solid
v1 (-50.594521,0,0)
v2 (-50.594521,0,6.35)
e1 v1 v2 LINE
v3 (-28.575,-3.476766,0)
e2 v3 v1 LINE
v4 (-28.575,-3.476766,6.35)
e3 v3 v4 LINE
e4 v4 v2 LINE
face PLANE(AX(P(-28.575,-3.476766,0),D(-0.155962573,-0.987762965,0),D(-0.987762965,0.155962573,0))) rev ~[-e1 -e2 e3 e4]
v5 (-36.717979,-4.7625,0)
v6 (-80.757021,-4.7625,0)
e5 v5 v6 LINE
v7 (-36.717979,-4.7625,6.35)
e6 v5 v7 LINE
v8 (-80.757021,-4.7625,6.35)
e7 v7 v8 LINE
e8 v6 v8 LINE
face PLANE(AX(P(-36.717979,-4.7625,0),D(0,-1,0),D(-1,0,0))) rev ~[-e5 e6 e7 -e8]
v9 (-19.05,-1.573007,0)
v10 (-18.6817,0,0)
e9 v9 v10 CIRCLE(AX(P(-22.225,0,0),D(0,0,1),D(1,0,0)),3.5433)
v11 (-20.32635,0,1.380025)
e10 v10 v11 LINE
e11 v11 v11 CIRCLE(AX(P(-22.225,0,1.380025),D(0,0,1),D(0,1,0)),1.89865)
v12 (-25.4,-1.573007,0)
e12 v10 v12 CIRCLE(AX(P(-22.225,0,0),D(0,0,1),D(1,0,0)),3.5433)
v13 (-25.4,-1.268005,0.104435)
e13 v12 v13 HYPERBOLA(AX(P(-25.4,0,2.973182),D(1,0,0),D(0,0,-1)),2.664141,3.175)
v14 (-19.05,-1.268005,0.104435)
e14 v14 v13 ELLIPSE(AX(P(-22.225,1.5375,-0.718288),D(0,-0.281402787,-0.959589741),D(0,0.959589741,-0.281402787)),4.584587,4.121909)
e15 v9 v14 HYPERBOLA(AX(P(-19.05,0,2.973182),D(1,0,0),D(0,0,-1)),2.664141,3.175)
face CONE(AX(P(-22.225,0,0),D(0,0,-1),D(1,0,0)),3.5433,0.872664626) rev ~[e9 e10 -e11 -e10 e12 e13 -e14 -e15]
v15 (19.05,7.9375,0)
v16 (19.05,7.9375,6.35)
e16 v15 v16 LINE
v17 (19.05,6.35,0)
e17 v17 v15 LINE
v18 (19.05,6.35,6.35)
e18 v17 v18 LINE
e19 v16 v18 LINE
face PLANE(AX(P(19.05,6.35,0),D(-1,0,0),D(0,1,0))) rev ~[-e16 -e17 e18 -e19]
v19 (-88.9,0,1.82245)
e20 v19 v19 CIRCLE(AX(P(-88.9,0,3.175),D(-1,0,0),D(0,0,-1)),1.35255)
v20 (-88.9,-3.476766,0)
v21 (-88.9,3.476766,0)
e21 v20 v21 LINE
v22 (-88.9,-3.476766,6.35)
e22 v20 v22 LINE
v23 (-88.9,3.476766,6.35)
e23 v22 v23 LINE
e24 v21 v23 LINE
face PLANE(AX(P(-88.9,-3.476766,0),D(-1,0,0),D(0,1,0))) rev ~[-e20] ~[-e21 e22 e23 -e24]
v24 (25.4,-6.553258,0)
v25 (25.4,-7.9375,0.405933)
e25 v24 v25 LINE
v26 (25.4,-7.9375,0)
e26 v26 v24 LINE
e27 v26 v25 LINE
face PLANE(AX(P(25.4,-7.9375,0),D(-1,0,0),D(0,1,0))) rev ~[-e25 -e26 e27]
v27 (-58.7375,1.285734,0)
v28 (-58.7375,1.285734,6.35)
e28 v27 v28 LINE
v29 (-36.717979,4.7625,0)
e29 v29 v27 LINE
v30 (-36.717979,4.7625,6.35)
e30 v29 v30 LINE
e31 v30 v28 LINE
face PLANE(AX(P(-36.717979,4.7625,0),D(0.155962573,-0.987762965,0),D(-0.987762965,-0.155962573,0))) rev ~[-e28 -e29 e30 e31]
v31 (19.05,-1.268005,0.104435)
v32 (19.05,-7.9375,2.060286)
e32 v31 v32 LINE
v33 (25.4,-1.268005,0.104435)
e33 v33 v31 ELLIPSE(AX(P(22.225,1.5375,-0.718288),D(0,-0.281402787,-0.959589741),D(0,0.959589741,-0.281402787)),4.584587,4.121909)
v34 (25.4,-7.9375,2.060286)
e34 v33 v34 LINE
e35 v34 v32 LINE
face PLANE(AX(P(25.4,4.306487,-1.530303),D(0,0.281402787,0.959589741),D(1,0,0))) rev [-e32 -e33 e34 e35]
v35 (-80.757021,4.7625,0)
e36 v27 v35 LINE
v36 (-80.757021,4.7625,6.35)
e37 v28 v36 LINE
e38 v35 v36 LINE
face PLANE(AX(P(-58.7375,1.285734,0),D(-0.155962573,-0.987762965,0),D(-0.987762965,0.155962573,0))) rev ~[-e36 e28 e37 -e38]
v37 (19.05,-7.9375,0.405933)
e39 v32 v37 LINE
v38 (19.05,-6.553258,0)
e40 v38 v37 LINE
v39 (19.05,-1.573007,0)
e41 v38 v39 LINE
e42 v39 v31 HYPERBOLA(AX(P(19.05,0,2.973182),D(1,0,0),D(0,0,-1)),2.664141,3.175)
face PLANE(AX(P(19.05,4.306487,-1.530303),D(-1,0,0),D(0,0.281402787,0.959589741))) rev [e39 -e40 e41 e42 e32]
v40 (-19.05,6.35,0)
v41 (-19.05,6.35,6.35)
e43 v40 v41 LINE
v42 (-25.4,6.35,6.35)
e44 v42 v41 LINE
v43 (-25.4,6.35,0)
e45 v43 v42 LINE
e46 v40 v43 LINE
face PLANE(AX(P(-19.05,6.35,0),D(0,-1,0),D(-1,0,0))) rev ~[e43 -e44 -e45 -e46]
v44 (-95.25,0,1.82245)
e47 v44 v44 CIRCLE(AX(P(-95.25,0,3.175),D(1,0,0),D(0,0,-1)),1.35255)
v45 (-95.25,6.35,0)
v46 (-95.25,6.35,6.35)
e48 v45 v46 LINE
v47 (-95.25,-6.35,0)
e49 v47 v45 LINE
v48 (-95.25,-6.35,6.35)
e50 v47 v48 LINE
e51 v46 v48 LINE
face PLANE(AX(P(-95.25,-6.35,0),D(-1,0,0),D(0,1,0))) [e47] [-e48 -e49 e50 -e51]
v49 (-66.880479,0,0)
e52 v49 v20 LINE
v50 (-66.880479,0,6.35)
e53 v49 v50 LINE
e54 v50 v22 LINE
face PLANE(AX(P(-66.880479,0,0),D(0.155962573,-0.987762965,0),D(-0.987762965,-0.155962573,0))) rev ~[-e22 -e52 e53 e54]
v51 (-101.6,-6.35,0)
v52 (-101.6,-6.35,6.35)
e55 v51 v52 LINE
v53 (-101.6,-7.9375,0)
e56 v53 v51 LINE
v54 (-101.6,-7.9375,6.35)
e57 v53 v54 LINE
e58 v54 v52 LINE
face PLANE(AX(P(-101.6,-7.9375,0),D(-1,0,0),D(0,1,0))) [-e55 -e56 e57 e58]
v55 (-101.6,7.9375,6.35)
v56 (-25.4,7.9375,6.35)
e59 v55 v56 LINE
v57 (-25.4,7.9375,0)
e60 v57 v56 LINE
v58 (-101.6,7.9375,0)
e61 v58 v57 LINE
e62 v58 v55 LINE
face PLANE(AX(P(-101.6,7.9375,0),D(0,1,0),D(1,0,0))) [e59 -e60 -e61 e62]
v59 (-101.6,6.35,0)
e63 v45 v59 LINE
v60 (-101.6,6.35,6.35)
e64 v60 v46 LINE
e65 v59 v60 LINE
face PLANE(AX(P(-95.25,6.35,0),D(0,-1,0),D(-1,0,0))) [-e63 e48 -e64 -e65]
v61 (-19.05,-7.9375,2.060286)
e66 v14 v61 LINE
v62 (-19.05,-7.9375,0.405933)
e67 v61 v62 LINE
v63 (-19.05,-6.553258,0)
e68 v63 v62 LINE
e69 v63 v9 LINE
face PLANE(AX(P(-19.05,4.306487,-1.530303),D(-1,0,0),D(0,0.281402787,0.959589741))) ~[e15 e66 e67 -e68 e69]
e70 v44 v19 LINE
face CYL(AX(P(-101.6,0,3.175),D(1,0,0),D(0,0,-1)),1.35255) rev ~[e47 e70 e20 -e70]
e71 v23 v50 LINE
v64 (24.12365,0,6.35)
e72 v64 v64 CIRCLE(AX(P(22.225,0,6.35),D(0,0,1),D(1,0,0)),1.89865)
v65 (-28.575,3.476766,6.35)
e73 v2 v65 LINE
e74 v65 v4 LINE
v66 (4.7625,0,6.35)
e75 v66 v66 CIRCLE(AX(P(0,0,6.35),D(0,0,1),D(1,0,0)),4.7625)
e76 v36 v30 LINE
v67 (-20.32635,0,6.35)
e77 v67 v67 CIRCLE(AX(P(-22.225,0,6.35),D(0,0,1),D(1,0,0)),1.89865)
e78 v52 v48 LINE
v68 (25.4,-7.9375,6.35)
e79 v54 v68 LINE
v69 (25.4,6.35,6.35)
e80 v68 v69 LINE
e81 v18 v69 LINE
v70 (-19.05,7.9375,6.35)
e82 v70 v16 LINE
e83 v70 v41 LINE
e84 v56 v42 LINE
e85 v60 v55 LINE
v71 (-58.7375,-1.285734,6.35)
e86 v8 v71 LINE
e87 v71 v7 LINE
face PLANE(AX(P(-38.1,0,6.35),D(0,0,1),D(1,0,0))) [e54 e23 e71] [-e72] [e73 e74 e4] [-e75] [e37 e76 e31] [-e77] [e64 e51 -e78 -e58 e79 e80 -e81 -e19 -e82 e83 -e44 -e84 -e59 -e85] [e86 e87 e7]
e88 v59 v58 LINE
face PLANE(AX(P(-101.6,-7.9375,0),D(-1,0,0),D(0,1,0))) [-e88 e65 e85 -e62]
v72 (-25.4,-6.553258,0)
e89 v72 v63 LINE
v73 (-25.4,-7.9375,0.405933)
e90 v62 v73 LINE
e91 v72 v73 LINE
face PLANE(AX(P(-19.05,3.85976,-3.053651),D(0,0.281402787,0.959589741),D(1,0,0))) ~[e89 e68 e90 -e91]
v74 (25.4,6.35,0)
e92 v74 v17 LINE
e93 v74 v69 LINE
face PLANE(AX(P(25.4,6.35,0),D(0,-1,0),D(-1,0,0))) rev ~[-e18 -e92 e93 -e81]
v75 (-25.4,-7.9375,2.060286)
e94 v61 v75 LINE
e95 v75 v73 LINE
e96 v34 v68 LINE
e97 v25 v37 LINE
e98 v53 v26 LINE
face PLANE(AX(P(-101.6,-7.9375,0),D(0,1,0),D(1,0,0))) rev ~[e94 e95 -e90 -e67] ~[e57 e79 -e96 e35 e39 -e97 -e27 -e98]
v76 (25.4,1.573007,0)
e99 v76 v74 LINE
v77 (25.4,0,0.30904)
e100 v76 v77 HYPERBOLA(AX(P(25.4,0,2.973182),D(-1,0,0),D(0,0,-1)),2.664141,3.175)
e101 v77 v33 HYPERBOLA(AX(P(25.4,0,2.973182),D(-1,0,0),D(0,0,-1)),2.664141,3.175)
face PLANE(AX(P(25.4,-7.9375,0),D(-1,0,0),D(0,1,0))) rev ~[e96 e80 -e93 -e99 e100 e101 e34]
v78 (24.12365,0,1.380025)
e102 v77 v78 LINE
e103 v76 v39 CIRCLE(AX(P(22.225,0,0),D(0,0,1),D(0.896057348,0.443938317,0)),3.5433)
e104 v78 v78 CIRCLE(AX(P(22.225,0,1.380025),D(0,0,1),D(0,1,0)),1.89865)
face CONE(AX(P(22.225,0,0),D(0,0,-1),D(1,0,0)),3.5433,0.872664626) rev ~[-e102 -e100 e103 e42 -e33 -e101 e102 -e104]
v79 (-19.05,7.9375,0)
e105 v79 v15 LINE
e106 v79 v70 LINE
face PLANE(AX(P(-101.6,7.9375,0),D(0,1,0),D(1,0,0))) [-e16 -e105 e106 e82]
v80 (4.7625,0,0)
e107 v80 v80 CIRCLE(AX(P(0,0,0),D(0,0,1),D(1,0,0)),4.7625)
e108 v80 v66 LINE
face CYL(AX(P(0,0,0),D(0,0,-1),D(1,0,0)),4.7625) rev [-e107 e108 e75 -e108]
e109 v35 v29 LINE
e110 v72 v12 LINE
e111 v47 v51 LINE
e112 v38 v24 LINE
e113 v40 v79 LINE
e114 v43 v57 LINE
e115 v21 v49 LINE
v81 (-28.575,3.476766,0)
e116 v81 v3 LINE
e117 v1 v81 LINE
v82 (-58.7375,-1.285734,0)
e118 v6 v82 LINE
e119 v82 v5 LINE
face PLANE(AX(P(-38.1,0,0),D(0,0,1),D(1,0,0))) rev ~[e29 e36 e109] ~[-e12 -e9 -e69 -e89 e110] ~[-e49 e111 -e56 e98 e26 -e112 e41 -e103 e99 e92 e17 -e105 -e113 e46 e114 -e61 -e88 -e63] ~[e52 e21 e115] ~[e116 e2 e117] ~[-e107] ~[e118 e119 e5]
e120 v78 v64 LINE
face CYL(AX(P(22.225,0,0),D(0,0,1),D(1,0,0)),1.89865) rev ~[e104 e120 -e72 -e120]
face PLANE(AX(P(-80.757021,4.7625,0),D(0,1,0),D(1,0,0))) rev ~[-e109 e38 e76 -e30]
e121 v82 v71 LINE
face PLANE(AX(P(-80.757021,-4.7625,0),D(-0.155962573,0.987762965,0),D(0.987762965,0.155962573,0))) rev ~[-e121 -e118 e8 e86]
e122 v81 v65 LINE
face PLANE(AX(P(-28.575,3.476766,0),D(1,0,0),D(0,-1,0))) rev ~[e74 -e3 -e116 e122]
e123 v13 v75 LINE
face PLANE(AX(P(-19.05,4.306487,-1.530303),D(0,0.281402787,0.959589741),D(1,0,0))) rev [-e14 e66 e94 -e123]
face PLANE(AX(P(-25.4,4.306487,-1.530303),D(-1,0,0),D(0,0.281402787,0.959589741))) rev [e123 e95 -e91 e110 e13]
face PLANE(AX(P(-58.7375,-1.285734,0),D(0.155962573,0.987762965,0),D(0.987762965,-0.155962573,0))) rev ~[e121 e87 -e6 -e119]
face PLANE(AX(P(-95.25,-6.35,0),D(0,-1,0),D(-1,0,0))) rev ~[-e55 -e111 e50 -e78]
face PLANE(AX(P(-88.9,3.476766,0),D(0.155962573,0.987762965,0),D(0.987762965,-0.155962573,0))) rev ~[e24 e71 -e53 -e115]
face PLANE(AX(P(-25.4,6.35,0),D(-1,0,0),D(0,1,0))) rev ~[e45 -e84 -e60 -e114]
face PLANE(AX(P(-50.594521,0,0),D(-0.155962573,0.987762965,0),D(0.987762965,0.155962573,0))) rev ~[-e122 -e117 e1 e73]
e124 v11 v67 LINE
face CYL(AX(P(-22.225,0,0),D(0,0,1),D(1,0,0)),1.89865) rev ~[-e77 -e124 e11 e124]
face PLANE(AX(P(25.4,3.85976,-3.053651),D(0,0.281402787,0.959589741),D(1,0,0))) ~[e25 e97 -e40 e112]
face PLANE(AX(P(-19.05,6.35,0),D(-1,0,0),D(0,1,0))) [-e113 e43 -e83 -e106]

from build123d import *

# Parameters (mm, degrees)
SKETCH1_W                                         = 127
SKETCH1_H                                         = 15.875
SKETCH1_R                                         = 4.7625
BOSS_EXTRUDE1_DEPTH                               = 6.35
CSK_FOR_6_FLAT_HEAD_MACHINE_SCREW_100_D           = 3.7973
CSK_FOR_6_FLAT_HEAD_MACHINE_SCREW_100_CSINK_D     = 7.0866
CSK_FOR_6_FLAT_HEAD_MACHINE_SCREW_100_CSINK_ANGLE = 100
SKETCH5_W                                         = 6.35
SKETCH5_H                                         = 12.7
CUT_EXTRUDE1_DEPTH                                = 103.107229941
SKETCH6_W                                         = 6.35
SKETCH6_H                                         = 1.5875
CUT_EXTRUDE2_DEPTH                                = 103.107229941
TAP_DRILL_FOR_6_32_TAP1_D                         = 2.7051
TAP_DRILL_FOR_6_32_TAP1_DEPTH                     = 6.35
TAP_DRILL_FOR_6_32_TAP1_TIP                       = 0.81269403


with BuildPart() as part:
    # Sketch1 → Boss-Extrude1 (new body)
    with BuildSketch(Plane.XY):
        with Locations((-38.1, 0)):
            Rectangle(SKETCH1_W, SKETCH1_H)
        Polygon((-88.9, 3.476766434), (-66.880479253, 0), (-88.9, -3.476766434), align=None, mode=Mode.SUBTRACT)
        Polygon((-80.757020747, -4.7625), (-58.7375, -1.285733566), (-36.717979253, -4.7625), align=None, mode=Mode.SUBTRACT)
        Polygon((-28.575, -3.476766434), (-50.594520747, 0), (-28.575, 3.476766434), align=None, mode=Mode.SUBTRACT)
        Polygon((-36.717979253, 4.7625), (-58.7375, 1.285733566), (-80.757020747, 4.7625), align=None, mode=Mode.SUBTRACT)
        Circle(SKETCH1_R, mode=Mode.SUBTRACT)
    extrude(amount=BOSS_EXTRUDE1_DEPTH)

    # CSK for #6 Flat Head Machine Screw (100)1 (through all)
    with Locations(Plane(origin=(0, 0, 0), x_dir=(-1, 0, 0), z_dir=(0, 0, -1))):
        with Locations((-22.225, 0), (22.225, 0)):
            CounterSinkHole(CSK_FOR_6_FLAT_HEAD_MACHINE_SCREW_100_D / 2, CSK_FOR_6_FLAT_HEAD_MACHINE_SCREW_100_CSINK_D / 2, counter_sink_angle=CSK_FOR_6_FLAT_HEAD_MACHINE_SCREW_100_CSINK_ANGLE)

    # Sketch5 → Cut-Extrude1 (cut, through all)
    with BuildSketch(Plane(origin=(0, 0, 0), x_dir=(-1, 0, 0), z_dir=(0, 0, -1))):
        with Locations((98.425, 0)):
            Rectangle(SKETCH5_W, SKETCH5_H)
    extrude(amount=-CUT_EXTRUDE1_DEPTH, mode=Mode.SUBTRACT)

    # Sketch6 → Cut-Extrude2 (cut, through all)
    with BuildSketch(Plane(origin=(0, 0, 0), x_dir=(-1, 0, 0), z_dir=(0, 0, -1))):
        with Locations((22.225, 7.14375)):
            Rectangle(SKETCH6_W, SKETCH6_H)
        with Locations((-22.225, 7.14375)):
            Rectangle(SKETCH6_W, SKETCH6_H)
    cut_extrude2 = extrude(amount=-CUT_EXTRUDE2_DEPTH, mode=Mode.SUBTRACT)

    # Mirror3: Cut-Extrude2 across plane
    add(cut_extrude2.mirror(Plane(origin=(0, 3.046697428, 2.281546151), x_dir=(0, -0.5994152204724752, 0.8004382508763147), z_dir=(0, -0.8004382508763147, -0.5994152204724751))), mode=Mode.SUBTRACT)

    # Tap Drill for #6-32 Tap1
    with Locations(Plane.ZY.offset(95.25)):
        with Locations((3.175, 0)):
            Hole(TAP_DRILL_FOR_6_32_TAP1_D / 2, depth=TAP_DRILL_FOR_6_32_TAP1_DEPTH)
            with Locations((0, 0, -(TAP_DRILL_FOR_6_32_TAP1_DEPTH + TAP_DRILL_FOR_6_32_TAP1_TIP / 2))):  # 118° drill point
                Cone(0, TAP_DRILL_FOR_6_32_TAP1_D / 2, TAP_DRILL_FOR_6_32_TAP1_TIP, mode=Mode.SUBTRACT)


solid = part.part
